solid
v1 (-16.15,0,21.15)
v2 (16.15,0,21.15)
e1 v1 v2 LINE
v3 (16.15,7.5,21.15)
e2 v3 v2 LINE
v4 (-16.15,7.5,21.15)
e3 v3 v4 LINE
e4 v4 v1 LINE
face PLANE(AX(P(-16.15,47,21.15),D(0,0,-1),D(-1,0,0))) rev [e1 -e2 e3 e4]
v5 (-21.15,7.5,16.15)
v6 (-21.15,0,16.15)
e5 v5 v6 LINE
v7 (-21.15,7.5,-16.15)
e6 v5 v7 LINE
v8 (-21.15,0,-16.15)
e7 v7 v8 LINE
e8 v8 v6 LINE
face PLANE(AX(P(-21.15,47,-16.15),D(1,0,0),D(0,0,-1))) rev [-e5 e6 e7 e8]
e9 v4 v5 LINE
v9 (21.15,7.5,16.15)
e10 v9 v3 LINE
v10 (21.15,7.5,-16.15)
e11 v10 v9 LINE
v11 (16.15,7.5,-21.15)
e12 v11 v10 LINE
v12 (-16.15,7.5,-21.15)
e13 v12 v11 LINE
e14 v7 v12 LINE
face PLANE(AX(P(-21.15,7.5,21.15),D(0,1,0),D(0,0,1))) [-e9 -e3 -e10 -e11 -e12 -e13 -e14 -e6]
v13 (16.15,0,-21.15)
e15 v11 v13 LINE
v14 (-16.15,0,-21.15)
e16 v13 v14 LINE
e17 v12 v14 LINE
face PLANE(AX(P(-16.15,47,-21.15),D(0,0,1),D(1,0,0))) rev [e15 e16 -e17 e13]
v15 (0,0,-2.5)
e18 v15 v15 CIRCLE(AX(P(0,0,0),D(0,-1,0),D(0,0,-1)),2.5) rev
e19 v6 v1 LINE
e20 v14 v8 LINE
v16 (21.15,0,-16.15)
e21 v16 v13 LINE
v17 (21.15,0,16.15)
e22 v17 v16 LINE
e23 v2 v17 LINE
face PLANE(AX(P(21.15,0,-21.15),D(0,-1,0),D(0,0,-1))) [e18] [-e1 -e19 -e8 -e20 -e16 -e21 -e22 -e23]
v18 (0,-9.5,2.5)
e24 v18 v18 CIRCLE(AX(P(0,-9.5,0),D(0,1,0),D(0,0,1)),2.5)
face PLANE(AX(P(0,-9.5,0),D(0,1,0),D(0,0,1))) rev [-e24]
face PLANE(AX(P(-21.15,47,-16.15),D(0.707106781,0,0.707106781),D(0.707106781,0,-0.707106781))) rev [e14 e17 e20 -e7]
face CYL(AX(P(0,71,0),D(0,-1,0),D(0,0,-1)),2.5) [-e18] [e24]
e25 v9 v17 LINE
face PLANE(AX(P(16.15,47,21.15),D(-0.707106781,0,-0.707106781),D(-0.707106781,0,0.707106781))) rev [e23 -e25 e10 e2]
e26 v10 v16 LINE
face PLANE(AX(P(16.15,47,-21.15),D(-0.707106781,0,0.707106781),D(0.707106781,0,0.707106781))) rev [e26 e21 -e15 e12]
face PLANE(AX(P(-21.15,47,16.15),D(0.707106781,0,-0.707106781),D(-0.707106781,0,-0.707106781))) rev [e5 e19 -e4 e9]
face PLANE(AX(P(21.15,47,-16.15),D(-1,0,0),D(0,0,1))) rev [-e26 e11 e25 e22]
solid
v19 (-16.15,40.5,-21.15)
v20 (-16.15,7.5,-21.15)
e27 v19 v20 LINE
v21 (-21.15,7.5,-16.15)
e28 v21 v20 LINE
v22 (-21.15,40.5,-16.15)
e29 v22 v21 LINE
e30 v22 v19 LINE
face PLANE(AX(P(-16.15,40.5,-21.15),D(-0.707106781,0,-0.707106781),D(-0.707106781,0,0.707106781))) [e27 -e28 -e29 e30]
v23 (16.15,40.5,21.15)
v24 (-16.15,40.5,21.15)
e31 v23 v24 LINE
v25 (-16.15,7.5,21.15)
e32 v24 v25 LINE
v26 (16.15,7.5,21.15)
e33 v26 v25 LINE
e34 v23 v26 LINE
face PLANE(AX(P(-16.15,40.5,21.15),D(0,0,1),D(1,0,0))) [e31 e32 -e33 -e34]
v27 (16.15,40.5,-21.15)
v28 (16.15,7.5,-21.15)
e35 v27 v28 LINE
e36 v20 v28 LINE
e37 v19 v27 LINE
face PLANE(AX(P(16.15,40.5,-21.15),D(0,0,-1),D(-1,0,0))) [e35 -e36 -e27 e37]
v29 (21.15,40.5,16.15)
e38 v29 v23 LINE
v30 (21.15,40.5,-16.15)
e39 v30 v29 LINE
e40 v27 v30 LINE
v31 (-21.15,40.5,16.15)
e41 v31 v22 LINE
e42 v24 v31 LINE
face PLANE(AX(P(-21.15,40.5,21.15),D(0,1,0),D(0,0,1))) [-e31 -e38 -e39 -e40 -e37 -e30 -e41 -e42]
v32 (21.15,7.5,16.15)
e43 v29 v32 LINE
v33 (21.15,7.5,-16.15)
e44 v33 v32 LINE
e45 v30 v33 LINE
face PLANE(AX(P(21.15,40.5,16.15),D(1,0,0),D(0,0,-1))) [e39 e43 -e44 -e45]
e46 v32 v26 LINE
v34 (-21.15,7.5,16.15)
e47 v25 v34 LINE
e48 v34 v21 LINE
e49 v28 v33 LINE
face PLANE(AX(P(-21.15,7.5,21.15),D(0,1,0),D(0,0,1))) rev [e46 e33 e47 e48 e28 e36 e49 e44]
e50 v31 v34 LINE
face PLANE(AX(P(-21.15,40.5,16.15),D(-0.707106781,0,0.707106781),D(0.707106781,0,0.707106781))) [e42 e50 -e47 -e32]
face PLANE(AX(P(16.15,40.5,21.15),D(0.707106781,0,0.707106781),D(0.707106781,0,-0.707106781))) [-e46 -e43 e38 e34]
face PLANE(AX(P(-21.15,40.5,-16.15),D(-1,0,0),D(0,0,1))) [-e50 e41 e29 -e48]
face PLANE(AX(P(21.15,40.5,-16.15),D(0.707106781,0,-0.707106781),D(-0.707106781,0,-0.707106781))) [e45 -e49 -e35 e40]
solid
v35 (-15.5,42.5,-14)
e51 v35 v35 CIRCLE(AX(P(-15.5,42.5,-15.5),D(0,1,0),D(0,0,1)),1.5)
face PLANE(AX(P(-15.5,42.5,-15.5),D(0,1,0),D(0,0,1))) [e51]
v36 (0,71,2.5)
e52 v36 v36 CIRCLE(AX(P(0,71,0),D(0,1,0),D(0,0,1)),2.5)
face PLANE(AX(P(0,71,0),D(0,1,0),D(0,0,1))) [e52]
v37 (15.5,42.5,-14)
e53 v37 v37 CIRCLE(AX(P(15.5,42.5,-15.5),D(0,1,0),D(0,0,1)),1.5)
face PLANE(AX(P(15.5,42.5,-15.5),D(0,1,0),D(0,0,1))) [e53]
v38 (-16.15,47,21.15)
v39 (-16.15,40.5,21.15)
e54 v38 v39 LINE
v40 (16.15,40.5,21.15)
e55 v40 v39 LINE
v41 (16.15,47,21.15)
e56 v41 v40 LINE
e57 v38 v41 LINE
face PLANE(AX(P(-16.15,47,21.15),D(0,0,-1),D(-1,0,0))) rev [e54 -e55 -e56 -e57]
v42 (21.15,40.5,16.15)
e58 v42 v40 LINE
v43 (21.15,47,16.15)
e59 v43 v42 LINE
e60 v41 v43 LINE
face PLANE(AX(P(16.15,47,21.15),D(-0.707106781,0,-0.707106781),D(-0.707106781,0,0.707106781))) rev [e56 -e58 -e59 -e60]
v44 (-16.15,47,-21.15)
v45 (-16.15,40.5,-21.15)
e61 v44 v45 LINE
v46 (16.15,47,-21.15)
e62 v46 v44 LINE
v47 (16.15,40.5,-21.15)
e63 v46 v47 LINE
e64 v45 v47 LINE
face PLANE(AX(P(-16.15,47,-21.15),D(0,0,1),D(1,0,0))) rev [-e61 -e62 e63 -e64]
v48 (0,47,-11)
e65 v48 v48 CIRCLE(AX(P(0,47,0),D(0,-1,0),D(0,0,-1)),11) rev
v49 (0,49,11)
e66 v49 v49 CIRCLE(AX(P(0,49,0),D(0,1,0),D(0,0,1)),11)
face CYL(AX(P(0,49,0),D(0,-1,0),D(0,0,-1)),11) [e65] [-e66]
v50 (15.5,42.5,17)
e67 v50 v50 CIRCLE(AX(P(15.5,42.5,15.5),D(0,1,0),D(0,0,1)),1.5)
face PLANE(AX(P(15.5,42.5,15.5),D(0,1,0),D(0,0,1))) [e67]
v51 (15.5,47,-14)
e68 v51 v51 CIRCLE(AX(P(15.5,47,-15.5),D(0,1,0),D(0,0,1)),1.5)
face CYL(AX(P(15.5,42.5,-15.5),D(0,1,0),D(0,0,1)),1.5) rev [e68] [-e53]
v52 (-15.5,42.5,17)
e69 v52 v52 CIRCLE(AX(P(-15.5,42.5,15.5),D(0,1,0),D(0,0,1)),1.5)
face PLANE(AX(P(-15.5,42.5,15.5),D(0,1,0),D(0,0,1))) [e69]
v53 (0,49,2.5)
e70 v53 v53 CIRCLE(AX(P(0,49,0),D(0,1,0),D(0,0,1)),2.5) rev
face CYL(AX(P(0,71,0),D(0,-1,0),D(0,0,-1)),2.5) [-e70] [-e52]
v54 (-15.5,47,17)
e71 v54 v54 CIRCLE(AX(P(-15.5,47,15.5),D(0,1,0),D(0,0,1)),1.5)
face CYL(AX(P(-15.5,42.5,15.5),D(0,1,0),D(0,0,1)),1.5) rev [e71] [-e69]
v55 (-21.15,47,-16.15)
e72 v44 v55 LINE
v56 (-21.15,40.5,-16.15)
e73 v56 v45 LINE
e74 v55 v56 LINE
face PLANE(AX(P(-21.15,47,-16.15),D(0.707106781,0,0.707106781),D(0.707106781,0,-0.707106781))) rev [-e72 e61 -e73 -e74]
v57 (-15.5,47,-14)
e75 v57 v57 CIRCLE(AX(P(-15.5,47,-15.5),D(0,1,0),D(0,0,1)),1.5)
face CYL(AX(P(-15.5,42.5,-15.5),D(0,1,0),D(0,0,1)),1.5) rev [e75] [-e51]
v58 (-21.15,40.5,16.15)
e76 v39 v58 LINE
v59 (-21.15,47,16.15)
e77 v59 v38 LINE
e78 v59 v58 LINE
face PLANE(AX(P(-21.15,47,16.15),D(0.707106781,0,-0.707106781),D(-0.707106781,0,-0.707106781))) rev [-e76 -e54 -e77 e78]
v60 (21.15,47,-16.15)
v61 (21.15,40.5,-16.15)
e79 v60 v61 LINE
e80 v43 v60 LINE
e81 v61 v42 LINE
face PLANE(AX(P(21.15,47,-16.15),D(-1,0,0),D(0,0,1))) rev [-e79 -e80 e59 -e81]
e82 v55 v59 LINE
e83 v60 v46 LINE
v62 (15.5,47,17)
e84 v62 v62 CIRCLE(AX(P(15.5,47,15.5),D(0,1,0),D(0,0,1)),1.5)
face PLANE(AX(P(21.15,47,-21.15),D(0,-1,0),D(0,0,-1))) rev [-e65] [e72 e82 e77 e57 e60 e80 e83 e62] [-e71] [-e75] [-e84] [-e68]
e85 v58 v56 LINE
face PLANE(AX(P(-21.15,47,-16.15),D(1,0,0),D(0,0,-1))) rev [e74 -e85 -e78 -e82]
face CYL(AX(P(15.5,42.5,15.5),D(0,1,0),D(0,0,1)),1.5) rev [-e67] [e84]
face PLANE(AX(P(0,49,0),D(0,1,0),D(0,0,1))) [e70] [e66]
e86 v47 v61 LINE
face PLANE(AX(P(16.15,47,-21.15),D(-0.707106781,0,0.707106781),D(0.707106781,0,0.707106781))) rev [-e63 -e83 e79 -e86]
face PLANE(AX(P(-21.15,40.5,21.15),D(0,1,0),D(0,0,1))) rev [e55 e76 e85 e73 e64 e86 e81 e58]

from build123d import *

# Parameters (mm, degrees)
EXTRUDE1_DEPTH      = 47
SKETCH2_R           = 11
EXTRUDE2_DEPTH      = 2
EXTRUDE3_START      = -9.5
SKETCH3_R           = 2.5
EXTRUDE3_DEPTH      = 80.5
SKETCH4_R           = 1.5
EXTRUDE4_DEPTH      = 4.5
CUT_EXTRUDE_3_DEPTH = 33
EXTRUDE_4_DEPTH     = 33


with BuildPart() as part:
    # Sketch1 → Extrude1 (new body)
    with BuildSketch(Plane(origin=(0, 0, 0), x_dir=(1, 0, 0), z_dir=(0, 1, 0))):
        Polygon((16.15, 21.15), (21.15, 16.15), (21.15, -16.15), (16.15, -21.15), (-16.15, -21.15), (-21.15, -16.15), (-21.15, 16.15), (-16.15, 21.15), align=None)
    extrude(amount=EXTRUDE1_DEPTH)

    # Sketch2 → Extrude2 (add)
    with BuildSketch(Plane(origin=(0, 47, 0), x_dir=(1, 0, 0), z_dir=(0, 1, 0))):
        with Locations(Location((0, 0, 0), (0, 0, 90))):
            Circle(SKETCH2_R)
    extrude(amount=EXTRUDE2_DEPTH)

    # Sketch3 → Extrude3 (add)
    with BuildSketch(Plane(origin=(0, 0, 0), x_dir=(1, 0, 0), z_dir=(0, 1, 0)).offset(EXTRUDE3_START)):
        with Locations(Location((0, 0, 0), (0, 0, 270))):
            Circle(SKETCH3_R)
    extrude(amount=EXTRUDE3_DEPTH)

    # Sketch4 → Extrude4 (cut)
    with BuildSketch(Plane(origin=(0, 47, 0), x_dir=(1, 0, 0), z_dir=(0, 1, 0))):
        with Locations(Location((-15.5, 15.5, 0), (0, 0, 270))):
            Circle(SKETCH4_R)
        with Locations(Location((15.5, 15.5, 0), (0, 0, 270))):
            Circle(SKETCH4_R)
        with Locations(Location((-15.5, -15.5, 0), (0, 0, 270))):
            Circle(SKETCH4_R)
        with Locations(Location((15.5, -15.5, 0), (0, 0, 270))):
            Circle(SKETCH4_R)
    extrude(amount=-EXTRUDE4_DEPTH, mode=Mode.SUBTRACT)

    # Эскиз2 → Вытянуть3 (cut)
    with BuildSketch(Plane.XZ.offset(-7.5)):
        Polygon((-21.15, 16.15), (-16.15, 21.15), (16.15, 21.15), (21.15, 16.15), (21.15, -16.15), (16.15, -21.15), (-16.15, -21.15), (-21.15, -16.15), align=None)
    extrude(amount=-CUT_EXTRUDE_3_DEPTH, mode=Mode.SUBTRACT)


with BuildPart() as cut_extrude_3_piece_1:
    # of the separate pieces the step leaves, piece 1, a body of its own (cut_extrude_3_pieces)
    add(part.part.solids().sort_by_distance((16.15, 0, -21.15))[0])


with BuildPart() as cut_extrude_3_piece_2:
    # of the separate pieces the step leaves, piece 2, a body of its own (cut_extrude_3_pieces)
    add(part.part.solids().sort_by_distance((21.15, 40.5, -16.15))[0])


with BuildPart() as body_3:
    # Эскиз3 → Вытянуть4 (new body)
    with BuildSketch(Plane.XZ.offset(-7.5)):
        Polygon((-21.15, 16.15), (-16.15, 21.15), (16.15, 21.15), (21.15, 16.15), (21.15, -16.15), (16.15, -21.15), (-16.15, -21.15), (-21.15, -16.15), align=None)
    extrude(amount=-EXTRUDE_4_DEPTH)


solid = Compound([cut_extrude_3_piece_1.part, cut_extrude_3_piece_2.part, body_3.part])
